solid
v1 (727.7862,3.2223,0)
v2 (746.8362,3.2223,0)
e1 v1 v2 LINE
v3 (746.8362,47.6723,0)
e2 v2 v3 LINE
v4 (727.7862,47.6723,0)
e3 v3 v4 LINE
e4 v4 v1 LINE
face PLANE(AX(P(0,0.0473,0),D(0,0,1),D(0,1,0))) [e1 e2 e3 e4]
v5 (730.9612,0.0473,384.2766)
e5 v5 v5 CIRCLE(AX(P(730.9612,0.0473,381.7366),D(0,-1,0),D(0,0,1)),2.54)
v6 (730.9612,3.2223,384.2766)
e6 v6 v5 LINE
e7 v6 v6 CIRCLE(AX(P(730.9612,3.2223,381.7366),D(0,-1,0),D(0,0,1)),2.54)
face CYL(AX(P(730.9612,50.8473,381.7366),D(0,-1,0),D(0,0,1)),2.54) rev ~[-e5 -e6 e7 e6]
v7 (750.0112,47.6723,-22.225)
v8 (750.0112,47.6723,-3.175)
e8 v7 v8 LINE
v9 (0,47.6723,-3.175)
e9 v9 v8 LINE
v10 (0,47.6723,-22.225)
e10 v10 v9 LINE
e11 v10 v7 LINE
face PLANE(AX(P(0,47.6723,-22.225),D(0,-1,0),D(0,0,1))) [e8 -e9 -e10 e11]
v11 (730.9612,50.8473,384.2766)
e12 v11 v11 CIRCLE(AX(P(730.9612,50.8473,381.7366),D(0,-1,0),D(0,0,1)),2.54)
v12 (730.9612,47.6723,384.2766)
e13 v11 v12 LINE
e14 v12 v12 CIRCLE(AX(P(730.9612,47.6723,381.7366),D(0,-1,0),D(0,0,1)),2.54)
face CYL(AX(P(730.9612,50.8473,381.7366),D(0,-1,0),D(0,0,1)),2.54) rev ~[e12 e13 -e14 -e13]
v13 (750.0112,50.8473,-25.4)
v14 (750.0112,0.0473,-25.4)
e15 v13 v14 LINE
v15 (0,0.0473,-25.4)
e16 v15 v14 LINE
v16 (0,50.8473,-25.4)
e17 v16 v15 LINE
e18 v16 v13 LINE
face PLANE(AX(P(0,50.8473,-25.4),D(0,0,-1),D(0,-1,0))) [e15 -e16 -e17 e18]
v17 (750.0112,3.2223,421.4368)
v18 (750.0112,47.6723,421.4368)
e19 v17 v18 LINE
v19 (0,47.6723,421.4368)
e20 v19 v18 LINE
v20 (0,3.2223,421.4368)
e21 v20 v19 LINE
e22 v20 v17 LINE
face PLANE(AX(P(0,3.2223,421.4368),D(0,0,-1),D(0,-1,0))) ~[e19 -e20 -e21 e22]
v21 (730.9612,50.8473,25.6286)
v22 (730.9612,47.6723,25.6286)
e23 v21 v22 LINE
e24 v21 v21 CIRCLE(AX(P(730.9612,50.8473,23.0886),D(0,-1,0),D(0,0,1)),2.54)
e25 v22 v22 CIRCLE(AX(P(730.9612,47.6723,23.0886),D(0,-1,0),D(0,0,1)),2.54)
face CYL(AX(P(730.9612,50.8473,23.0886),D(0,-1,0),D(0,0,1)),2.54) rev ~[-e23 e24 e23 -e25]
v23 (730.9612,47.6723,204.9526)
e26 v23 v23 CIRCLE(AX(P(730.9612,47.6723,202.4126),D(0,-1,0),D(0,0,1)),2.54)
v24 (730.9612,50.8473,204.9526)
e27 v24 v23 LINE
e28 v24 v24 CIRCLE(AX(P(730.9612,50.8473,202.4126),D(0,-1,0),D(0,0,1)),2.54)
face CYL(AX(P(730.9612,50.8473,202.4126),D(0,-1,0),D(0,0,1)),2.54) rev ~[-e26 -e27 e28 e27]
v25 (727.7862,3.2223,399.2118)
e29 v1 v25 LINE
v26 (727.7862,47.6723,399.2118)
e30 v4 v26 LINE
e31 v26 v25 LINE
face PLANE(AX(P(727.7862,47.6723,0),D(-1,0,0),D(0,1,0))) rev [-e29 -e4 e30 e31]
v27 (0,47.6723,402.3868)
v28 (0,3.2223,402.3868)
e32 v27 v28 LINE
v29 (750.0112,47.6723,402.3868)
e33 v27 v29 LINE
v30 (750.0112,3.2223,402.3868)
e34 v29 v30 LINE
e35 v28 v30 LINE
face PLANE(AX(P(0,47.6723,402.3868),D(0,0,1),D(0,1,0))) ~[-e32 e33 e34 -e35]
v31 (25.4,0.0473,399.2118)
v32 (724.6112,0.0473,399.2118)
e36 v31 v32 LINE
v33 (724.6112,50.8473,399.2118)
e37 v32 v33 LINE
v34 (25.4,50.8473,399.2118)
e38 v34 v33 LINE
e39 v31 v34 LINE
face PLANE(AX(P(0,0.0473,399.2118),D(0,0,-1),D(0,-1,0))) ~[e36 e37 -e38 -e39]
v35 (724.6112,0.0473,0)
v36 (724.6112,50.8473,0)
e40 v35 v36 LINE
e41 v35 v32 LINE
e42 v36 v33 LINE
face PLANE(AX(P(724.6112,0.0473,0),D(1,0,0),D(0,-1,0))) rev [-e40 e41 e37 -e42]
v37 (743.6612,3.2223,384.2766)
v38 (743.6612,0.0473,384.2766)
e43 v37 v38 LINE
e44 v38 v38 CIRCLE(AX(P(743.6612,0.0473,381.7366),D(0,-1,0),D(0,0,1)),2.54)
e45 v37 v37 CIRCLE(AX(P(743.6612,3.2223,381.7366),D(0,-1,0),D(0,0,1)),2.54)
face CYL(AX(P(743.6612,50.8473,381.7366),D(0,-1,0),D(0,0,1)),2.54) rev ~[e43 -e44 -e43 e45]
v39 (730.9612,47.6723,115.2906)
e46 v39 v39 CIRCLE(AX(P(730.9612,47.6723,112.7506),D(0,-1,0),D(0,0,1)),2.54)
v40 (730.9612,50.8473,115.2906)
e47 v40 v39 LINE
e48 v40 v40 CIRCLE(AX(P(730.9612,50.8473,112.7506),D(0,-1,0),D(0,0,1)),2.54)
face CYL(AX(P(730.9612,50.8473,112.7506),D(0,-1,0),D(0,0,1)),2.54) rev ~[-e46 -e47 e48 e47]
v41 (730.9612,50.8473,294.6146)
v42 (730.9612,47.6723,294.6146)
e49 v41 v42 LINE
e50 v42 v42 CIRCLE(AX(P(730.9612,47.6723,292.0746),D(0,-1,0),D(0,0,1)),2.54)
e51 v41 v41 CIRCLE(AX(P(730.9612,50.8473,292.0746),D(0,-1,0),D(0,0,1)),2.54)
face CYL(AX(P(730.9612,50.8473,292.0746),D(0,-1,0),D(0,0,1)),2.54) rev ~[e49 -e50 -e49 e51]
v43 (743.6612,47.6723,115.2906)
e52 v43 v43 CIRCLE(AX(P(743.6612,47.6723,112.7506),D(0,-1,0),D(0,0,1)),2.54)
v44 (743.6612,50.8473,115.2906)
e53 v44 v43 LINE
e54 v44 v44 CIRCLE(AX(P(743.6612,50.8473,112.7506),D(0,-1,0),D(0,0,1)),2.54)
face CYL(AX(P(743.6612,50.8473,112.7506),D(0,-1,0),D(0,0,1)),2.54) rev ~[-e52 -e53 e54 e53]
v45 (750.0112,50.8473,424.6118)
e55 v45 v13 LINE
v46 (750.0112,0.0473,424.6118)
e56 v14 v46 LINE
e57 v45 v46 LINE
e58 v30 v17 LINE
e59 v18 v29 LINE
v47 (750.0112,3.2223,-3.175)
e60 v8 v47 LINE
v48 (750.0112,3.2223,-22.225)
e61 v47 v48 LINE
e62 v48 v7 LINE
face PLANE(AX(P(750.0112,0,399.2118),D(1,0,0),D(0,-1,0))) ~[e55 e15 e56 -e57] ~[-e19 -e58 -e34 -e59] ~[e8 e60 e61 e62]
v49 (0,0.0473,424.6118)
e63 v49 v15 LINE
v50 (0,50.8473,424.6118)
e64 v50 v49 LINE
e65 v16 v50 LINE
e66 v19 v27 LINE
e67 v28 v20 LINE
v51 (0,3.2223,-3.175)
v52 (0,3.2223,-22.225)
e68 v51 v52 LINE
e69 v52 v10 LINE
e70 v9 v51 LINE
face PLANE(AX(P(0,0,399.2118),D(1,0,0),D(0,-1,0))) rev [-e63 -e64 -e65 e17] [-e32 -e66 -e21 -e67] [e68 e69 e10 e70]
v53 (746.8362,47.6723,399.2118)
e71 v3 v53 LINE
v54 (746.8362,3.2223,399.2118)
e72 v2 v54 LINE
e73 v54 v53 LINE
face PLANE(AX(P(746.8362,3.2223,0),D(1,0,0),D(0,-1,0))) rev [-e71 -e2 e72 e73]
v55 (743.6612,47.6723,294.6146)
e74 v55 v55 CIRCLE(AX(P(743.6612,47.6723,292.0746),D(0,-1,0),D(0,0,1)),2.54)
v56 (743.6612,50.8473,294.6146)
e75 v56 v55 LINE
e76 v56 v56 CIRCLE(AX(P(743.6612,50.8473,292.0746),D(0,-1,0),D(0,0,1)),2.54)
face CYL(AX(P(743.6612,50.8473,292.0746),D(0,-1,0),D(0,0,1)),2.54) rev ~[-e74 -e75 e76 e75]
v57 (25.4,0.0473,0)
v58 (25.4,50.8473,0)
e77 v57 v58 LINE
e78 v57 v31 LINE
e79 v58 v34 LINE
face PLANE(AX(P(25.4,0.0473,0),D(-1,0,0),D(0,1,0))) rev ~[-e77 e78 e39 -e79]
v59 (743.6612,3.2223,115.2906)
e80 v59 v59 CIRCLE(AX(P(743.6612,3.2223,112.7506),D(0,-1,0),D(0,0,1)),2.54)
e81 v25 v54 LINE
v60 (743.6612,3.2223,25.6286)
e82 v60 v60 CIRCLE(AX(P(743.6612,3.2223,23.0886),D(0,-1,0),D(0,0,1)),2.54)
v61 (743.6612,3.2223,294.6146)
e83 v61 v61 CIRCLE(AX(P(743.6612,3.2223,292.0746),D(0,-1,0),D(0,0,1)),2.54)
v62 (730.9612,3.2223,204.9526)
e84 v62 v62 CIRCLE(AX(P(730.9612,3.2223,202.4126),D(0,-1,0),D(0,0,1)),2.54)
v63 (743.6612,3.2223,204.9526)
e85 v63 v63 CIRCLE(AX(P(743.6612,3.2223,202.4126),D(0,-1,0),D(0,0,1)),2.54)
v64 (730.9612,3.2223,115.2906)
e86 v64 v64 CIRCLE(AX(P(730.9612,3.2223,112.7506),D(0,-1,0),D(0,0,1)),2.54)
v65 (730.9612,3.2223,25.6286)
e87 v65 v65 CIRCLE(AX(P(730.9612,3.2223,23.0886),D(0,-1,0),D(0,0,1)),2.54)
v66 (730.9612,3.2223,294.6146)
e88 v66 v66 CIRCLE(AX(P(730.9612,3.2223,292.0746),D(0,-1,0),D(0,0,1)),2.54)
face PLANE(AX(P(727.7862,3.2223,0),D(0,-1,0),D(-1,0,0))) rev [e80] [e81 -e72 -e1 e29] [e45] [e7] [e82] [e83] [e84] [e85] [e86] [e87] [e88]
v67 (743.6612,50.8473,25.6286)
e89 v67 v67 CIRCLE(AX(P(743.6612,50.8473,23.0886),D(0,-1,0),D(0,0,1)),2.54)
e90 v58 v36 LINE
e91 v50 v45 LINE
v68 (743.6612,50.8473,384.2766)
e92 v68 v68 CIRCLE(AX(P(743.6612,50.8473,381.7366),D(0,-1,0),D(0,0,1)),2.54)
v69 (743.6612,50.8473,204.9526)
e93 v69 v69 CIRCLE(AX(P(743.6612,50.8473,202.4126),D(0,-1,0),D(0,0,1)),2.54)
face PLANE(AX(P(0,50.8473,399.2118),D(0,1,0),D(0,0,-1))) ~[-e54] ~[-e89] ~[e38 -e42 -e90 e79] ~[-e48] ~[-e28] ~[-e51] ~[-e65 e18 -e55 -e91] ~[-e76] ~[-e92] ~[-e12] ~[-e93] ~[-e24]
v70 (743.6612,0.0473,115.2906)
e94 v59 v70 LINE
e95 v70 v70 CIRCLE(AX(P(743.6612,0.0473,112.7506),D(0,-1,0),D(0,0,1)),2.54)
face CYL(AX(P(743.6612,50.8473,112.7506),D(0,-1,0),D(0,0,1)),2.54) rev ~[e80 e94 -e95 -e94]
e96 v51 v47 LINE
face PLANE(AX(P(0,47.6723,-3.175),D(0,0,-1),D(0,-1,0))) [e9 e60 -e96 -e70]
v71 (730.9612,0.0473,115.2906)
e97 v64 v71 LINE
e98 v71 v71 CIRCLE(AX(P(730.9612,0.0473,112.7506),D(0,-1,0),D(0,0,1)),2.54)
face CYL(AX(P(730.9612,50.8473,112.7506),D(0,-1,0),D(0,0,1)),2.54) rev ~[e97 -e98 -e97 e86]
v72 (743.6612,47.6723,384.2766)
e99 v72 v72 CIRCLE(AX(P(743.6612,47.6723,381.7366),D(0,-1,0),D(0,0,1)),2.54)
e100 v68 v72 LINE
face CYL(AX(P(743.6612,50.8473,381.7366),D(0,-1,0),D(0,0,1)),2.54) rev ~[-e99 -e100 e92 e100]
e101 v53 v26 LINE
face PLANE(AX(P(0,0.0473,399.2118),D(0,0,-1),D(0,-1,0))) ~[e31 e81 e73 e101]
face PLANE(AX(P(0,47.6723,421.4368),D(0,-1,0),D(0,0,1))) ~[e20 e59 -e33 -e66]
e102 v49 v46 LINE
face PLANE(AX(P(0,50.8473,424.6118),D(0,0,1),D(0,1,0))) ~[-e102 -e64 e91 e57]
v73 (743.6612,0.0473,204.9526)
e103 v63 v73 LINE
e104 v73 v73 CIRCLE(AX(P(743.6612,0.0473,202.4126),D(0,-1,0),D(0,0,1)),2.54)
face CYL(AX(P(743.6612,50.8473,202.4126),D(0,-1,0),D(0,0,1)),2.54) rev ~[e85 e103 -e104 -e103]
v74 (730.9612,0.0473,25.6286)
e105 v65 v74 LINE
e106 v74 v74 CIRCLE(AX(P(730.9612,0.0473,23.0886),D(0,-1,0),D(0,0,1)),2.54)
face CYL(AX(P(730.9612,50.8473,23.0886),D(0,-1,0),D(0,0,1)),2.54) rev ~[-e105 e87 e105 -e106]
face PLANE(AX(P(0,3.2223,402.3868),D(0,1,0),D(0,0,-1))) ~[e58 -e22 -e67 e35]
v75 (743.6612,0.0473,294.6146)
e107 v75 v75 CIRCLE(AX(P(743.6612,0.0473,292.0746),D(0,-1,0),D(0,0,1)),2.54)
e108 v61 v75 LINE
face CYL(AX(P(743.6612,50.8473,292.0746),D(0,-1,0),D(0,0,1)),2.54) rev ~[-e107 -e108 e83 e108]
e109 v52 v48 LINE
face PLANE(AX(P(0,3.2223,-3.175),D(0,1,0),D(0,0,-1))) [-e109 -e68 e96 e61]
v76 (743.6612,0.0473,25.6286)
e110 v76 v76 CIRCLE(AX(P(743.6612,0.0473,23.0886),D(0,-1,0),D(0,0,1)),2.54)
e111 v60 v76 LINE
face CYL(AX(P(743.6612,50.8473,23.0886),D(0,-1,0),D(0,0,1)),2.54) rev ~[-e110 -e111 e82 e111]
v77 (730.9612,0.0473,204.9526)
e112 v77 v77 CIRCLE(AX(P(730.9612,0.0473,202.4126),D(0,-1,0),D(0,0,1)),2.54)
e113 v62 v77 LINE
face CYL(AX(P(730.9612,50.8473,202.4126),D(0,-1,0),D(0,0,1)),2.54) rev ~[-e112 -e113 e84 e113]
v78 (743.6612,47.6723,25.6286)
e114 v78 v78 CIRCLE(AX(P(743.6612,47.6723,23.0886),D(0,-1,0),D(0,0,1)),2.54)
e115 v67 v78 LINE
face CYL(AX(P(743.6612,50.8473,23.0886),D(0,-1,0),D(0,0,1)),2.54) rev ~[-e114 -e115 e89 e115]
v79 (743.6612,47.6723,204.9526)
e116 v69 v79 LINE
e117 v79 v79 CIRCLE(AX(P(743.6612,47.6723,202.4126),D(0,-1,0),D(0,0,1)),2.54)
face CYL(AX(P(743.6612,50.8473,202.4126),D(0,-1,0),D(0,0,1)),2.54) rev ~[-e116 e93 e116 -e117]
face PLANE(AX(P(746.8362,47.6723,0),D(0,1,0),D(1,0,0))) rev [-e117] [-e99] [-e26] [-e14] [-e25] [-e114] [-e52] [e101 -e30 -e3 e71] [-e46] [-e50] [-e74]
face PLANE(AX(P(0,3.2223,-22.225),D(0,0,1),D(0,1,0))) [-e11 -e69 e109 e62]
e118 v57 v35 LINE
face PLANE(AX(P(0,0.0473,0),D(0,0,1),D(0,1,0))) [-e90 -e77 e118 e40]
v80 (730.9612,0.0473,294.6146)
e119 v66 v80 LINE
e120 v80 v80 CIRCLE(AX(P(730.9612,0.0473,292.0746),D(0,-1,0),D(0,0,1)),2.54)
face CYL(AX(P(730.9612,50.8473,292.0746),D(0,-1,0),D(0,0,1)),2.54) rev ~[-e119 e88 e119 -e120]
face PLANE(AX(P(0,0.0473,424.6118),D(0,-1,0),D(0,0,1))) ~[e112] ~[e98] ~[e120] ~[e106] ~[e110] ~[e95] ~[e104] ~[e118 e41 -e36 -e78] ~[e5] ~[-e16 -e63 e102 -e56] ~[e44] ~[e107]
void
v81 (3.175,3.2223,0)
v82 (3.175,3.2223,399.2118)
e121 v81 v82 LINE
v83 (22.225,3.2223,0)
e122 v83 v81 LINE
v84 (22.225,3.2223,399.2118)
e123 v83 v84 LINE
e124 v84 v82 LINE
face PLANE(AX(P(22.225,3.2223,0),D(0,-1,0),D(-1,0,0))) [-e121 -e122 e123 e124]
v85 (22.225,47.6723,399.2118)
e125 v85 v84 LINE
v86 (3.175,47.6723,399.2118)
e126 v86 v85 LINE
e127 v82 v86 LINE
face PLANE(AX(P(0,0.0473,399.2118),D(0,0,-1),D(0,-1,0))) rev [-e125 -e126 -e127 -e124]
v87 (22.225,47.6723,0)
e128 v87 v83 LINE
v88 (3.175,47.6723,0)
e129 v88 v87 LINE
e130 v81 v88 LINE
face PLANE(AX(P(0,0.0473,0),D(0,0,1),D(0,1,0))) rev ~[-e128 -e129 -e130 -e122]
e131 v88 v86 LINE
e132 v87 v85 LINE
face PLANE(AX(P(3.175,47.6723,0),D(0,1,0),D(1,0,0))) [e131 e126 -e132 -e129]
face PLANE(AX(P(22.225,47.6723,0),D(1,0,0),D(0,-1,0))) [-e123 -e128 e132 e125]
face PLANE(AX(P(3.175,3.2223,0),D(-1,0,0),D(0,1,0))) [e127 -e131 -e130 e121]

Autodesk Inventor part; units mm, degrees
ref_plane "YZ Plane" through (0, 0, 0) normal (1, 0, 0) x (0, 1, 0)
ref_plane "XZ Plane" through (0, 0, 0) normal (0, 1, 0) x (-1, 0, 0)
ref_plane "XY Plane" through (0, 0, 0) normal (0, 0, 1) x (1, 0, 0)
sketch "Sketch1" plane through (0, 0, 0) normal (1, 0, 0) x (0, 1, 0)
  line L0 (0.0473, 0) -> (50.8473, 0)
  line L1 (50.8473, 0) -> (50.8473, -25.4)
  line L2 (50.8473, -25.4) -> (0.0473, -25.4)
  line L3 (0.0473, -25.4) -> (0.0473, 0)
  line L4 (47.6723, -3.175) -> (3.2223, -3.175)
  line L5 (3.2223, -3.175) -> (3.2223, -22.225)
  line L6 (3.2223, -22.225) -> (47.6723, -22.225)
  line L7 (47.6723, -22.225) -> (47.6723, -3.175)
  dimension "d0" = 25.4
  dimension "d1" = 3.175
  dimension "d2" = 3.175
  dimension "d3" = 3.175
  dimension "d4" = 3.175
  dimension "d5" = 44.45
extrude "Extrusion1" add sketch "Sketch1" along normal blind 750.0112
sketch "Sketch2" plane through (0, 0.0473, 0) normal (0, 0, 1) x (1, 0, 0)
  line L0 (0, 0) -> (0, 50.8) projected
  line L1 (0, 0) -> (750.0112, 0) projected
  line L2 (0, 50.8) -> (750.0112, 50.8) projected
  line L3 (0, 0) -> (25.4, 0)
  line L4 (25.4, 0) -> (25.4, 50.8)
  line L5 (25.4, 50.8) -> (0, 50.8)
  line L6 (0, 50.8) -> (0, 0)
  line L7 (3.175, 47.625) -> (22.225, 47.625)
  line L8 (22.225, 47.625) -> (22.225, 3.175)
  line L9 (22.225, 3.175) -> (3.175, 3.175)
  line L10 (3.175, 3.175) -> (3.175, 47.625)
  dimension "d8" = 25.4
  dimension "d9" = 50.8
  dimension "d10" = 3.175
  dimension "d11" = 3.175
  dimension "d12" = 3.175
  dimension "d13" = 3.175
extrude "Extrusion2" add sketch "Sketch2" along normal blind 399.2118
ref_plane "Work Plane1" through (375.0056, 0, 0) normal (1, 0, 0) x (0, 0, -1)
mirror "Mirror1" about plane through (375.0056, 0, 0) normal (1, 0, 0) of "Extrusion2"
ref_plane "Work Plane2" through (25.4, 0.0473, 199.6059) normal (0, 0, 1) x (1, 0, 0)
mirror "Mirror2" about plane through (25.4, 0.0473, 199.6059) normal (0, 0, 1) of "Extrusion1"
ref_plane "Work Plane3" through (0, 0.0473, -25.4) normal (0, 0, -1) x (-1, 0, 0)
ref_plane "Work Plane4" through (750.0112, 0, 0) normal (1, 0, 0) x (0, 0, -1)
sketch "Sketch5" plane through (0, 50.8473, -25.4) normal (0, 1, 0) x (1, 0, 0)
  line L0 (0, 0) -> (750.0112, 0) projected
  line L1 (724.6112, -25.4) -> (724.6112, -424.6118) projected
  point P0 (0, -25.4)
  point P1 (730.9612, -48.4886)
  dimension "d23" = 48.4886
  dimension "d24" = 6.35
hole "Hole1" at (730.9612, 50.8473, 23.0886) direction (0, -1, 0) diameter 5.08 end through all
pattern_linear "Rectangular Pattern1" count 2 spacing 12.7 along (1, 0, 0) count 5 spacing 89.662 along (0, 0, 1) of "Hole1"
properties part number "Resized frame" material "Stainless Steel AISI 440C, Welded"
